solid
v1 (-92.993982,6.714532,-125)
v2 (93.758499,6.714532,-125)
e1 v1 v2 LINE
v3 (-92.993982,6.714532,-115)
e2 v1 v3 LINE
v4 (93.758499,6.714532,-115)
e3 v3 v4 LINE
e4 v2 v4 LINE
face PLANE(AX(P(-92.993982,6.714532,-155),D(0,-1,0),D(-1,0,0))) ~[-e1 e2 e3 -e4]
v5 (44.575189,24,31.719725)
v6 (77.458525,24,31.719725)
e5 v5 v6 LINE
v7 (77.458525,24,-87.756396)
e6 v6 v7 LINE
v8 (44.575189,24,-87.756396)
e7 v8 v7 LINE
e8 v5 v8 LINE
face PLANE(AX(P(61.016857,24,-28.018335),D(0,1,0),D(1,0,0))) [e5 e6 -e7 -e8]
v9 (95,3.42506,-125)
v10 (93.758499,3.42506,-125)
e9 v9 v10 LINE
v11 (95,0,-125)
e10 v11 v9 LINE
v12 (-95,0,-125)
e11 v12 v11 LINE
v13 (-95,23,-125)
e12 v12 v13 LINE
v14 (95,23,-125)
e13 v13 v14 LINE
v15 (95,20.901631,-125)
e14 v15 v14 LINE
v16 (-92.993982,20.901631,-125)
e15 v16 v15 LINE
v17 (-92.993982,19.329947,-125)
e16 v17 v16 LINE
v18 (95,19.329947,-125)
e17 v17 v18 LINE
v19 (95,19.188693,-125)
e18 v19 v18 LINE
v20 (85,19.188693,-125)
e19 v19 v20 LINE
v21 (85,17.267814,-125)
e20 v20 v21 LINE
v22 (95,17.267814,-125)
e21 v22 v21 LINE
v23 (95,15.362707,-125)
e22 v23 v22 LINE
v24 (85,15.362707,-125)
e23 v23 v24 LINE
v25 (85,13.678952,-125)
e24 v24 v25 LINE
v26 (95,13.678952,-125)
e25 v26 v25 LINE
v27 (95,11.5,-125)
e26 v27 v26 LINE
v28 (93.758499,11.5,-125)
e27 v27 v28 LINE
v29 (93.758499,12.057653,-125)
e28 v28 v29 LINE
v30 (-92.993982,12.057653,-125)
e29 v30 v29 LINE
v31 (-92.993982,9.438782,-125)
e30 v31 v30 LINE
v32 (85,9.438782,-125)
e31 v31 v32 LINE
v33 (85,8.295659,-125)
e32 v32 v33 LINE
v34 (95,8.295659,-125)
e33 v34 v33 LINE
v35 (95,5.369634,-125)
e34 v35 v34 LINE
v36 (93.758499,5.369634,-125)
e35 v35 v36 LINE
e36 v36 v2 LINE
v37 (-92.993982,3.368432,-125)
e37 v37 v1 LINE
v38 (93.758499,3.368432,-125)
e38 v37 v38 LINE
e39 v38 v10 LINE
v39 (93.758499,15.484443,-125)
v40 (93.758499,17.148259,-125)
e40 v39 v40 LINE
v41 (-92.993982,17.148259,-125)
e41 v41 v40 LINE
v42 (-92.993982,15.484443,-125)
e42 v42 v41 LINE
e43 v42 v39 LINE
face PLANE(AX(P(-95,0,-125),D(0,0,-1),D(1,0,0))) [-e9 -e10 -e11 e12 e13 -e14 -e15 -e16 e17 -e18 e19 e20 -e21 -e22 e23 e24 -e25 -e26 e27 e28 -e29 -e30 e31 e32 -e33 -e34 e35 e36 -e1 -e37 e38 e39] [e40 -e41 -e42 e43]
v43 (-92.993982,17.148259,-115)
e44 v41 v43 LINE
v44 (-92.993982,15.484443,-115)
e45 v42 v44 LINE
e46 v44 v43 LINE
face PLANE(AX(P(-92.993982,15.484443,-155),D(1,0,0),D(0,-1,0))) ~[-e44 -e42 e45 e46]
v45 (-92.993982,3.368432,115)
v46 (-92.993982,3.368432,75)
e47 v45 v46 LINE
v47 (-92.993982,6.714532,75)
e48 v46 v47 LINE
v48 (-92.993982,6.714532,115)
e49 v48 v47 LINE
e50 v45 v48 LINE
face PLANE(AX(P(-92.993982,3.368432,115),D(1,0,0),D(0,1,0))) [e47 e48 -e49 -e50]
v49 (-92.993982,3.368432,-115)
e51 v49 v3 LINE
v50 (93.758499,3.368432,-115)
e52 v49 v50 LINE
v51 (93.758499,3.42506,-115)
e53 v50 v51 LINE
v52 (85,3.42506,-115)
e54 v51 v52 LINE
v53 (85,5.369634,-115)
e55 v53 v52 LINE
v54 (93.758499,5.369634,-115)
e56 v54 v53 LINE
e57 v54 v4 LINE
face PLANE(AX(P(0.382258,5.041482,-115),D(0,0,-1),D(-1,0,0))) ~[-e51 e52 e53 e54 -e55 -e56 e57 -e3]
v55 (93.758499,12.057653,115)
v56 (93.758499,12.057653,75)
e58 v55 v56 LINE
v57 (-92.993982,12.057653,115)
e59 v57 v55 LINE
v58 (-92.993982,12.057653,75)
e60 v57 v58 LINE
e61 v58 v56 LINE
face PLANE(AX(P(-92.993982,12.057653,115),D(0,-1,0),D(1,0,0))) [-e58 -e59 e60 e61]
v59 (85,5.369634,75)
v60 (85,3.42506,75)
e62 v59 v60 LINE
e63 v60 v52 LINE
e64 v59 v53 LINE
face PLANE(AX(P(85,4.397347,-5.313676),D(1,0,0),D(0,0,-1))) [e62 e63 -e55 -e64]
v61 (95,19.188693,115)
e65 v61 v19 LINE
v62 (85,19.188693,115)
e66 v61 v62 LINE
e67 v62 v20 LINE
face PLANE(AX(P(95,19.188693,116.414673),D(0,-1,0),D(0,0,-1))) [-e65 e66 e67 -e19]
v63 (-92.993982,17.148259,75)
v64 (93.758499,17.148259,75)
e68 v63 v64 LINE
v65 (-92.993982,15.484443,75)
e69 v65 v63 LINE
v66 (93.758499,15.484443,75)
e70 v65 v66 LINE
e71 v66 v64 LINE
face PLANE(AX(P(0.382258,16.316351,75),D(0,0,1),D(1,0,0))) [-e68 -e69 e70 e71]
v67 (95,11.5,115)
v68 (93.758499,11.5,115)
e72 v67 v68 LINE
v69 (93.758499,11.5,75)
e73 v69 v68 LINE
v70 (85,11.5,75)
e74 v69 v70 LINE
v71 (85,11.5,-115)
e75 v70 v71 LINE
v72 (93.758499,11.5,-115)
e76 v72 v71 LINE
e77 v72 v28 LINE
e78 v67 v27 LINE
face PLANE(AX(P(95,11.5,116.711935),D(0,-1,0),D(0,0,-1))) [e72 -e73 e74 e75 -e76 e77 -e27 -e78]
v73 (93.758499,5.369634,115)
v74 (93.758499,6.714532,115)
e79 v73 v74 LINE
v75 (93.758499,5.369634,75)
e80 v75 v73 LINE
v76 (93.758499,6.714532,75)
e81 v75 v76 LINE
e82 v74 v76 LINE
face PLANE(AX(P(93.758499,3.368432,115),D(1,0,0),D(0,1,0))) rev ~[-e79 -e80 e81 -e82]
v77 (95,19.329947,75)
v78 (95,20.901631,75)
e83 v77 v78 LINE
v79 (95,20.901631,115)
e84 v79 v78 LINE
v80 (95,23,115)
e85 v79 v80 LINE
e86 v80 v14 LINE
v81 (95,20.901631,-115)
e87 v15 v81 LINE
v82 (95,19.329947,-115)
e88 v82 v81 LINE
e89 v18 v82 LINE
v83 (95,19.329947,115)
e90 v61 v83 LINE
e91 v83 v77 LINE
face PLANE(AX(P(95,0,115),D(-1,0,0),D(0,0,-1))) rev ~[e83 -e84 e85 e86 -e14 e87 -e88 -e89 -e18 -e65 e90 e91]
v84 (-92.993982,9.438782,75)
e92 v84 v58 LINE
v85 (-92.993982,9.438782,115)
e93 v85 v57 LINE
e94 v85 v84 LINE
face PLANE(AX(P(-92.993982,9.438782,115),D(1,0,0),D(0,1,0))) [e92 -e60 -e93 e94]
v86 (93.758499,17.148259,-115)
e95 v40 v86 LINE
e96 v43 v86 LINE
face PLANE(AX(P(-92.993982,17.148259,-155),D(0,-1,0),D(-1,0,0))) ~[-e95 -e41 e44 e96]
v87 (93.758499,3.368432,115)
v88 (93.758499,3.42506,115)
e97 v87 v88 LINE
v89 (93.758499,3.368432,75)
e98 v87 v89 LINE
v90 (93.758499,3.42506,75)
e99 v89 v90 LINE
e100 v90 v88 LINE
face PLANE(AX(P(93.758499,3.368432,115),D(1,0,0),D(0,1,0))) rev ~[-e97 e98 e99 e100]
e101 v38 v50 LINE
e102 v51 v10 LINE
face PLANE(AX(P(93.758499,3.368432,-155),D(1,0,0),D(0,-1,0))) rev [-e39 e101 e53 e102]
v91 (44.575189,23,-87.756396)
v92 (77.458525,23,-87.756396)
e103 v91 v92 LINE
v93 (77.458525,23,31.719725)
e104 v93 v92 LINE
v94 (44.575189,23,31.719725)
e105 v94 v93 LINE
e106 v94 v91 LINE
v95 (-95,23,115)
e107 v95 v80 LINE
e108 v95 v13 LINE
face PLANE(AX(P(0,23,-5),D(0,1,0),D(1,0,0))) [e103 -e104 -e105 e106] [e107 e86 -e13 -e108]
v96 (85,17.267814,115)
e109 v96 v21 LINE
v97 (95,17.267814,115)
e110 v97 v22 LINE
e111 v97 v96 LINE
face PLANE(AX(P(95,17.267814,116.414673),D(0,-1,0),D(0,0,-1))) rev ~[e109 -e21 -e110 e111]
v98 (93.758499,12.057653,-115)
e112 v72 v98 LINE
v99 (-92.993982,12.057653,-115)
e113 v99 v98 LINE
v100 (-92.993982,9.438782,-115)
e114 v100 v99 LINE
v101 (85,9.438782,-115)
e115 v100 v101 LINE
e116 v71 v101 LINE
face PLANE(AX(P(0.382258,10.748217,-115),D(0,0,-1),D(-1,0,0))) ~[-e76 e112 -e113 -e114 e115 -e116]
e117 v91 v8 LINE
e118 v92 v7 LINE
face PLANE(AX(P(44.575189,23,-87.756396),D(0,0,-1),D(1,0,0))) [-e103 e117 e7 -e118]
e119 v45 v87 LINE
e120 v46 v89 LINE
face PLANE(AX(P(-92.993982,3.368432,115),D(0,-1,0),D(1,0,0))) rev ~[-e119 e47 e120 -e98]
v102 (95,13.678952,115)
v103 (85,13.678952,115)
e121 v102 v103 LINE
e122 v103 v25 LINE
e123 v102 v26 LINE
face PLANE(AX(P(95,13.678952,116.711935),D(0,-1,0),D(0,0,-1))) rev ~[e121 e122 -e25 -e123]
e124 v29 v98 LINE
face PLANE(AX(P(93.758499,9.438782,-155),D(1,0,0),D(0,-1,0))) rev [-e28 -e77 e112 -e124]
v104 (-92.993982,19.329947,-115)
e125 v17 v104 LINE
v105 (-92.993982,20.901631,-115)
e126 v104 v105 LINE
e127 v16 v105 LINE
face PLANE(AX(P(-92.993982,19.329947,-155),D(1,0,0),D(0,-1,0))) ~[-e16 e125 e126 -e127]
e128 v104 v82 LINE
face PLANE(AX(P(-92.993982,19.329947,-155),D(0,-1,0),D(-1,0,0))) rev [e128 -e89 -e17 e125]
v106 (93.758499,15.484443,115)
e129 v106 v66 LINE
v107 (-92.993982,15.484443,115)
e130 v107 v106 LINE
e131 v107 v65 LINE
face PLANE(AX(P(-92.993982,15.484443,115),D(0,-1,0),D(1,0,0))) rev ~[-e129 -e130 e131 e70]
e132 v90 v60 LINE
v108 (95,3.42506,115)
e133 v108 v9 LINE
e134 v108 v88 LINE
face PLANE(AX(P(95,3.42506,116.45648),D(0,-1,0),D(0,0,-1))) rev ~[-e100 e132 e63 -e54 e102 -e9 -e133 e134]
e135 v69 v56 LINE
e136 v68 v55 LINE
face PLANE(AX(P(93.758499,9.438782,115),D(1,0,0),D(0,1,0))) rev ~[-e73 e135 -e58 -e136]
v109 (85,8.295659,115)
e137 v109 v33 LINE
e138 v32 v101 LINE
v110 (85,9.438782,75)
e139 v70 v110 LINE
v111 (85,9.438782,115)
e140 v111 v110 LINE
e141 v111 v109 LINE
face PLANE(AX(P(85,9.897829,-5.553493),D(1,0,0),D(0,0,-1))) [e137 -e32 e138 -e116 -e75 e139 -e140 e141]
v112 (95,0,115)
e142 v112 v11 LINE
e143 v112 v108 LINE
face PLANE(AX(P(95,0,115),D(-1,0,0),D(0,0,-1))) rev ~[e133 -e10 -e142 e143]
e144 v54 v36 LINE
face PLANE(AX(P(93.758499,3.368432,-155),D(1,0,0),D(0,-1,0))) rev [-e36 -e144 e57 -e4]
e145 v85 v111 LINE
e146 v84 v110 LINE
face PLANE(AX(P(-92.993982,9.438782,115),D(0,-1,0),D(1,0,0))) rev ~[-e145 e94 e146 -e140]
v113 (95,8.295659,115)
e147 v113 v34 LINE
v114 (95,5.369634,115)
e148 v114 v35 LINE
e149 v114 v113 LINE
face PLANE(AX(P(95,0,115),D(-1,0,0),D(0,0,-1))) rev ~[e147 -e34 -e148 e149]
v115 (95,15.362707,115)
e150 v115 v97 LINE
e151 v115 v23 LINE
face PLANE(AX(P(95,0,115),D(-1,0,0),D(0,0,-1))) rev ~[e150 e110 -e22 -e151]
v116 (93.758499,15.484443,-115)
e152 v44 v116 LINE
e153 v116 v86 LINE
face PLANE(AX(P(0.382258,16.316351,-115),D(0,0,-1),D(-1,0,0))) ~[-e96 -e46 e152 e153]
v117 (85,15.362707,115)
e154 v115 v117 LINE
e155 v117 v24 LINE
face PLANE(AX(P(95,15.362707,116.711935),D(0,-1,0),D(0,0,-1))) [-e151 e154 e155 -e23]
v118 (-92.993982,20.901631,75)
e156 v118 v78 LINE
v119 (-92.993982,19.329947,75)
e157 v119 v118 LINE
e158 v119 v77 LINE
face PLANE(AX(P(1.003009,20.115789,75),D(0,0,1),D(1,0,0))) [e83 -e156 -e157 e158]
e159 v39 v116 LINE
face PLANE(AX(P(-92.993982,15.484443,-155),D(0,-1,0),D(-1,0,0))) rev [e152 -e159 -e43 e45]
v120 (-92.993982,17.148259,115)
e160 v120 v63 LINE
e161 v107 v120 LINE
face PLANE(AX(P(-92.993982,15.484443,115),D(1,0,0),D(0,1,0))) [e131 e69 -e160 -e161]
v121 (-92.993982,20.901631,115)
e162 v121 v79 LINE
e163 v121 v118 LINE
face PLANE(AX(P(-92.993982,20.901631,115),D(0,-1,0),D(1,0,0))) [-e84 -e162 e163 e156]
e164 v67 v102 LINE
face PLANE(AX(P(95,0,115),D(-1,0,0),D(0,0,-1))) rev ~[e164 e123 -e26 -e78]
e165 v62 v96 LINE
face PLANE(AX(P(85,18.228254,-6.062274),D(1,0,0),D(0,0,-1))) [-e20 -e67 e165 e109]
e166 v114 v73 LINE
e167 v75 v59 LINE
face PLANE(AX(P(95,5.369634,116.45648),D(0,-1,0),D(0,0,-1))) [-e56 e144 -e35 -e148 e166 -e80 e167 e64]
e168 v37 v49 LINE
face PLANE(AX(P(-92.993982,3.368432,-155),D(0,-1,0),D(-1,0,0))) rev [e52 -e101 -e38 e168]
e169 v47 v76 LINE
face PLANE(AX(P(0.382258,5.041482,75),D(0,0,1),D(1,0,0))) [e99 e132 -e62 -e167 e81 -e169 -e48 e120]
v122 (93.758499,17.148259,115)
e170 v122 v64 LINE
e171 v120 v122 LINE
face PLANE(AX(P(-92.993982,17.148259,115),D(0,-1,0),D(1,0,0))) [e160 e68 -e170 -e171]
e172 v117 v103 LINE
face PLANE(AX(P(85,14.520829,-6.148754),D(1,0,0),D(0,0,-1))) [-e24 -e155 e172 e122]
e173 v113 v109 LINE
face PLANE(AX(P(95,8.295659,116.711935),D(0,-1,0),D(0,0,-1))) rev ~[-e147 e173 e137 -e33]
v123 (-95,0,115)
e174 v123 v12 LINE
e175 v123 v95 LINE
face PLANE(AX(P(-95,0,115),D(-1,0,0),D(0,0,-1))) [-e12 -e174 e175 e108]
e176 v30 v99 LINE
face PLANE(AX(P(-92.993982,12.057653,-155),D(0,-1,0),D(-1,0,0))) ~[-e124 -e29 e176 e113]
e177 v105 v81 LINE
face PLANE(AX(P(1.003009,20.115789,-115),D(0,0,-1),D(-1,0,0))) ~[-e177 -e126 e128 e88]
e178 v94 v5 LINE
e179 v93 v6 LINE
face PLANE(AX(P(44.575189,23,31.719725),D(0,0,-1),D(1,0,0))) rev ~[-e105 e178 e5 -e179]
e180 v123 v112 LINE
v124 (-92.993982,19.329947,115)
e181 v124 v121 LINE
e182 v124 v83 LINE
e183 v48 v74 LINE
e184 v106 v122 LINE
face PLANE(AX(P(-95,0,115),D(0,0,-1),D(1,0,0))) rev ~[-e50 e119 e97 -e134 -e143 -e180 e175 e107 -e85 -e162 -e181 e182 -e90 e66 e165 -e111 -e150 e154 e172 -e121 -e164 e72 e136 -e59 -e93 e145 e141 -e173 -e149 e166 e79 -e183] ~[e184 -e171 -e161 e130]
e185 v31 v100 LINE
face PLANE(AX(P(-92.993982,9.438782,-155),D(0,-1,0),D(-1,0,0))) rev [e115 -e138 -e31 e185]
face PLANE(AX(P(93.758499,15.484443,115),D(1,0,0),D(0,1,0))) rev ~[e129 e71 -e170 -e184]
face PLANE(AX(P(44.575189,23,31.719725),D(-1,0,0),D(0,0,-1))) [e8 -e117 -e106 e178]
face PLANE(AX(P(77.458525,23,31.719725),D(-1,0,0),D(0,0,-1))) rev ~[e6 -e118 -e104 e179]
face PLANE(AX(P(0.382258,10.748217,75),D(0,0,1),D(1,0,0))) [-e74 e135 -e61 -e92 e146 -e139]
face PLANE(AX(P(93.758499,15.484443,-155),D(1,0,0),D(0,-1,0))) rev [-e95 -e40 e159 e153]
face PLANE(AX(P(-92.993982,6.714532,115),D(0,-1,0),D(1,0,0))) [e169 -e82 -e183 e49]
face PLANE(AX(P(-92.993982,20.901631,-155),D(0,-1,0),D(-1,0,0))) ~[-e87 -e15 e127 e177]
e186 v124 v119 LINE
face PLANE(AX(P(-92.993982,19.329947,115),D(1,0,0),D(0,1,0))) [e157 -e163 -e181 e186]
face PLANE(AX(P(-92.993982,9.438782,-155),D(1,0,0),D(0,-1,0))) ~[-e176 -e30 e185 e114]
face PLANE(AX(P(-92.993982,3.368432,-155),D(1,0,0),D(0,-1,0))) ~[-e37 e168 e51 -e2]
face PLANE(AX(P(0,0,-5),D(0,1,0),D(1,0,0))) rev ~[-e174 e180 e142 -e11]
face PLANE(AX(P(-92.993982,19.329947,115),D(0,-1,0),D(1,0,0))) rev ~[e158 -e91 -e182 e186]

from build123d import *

# Parameters (mm, degrees)
SKETCH_1_W          = 190
SKETCH_1_H          = 240
EXTRUDE_1_DEPTH     = 23
SKETCH_2_W          = 244.953894582
SKETCH_2_H          = 1.92087839
SKETCH_2_W_2        = 245.721377573
SKETCH_2_H_2        = 1.683754508
SKETCH_2_W_3        = 244.530855974
SKETCH_2_H_3        = 3.204341319
SKETCH_2_W_4        = 243.54031242
SKETCH_2_H_4        = 1.944573874
CUT_EXTRUDE_1_DEPTH = 10
SKETCH_3_W          = 187.993982421
SKETCH_3_H          = 1.571683417
SKETCH_3_W_2        = 186.752481484
SKETCH_3_H_2        = 1.663815778
SKETCH_3_H_3        = 2.618871028
SKETCH_3_H_4        = 3.346100481
CUT_EXTRUDE_2_DEPTH = 40
SKETCH_10_W         = 32.883336007
SKETCH_10_H         = 119.476120829
EXTRUDE_2_DEPTH     = 1


with BuildPart() as part:
    # 草图1 → 凸台-拉伸1 (new body)
    with BuildSketch(Plane(origin=(0, 0, 0), x_dir=(1, 0, 0), z_dir=(0, 1, 0))):
        with Locations((0, 5)):
            Rectangle(SKETCH_1_W, SKETCH_1_H)
    extrude(amount=EXTRUDE_1_DEPTH)

    # 草图2 → 切除-拉伸1 (cut)
    with BuildSketch(Plane(origin=(95, 0, 0), x_dir=(0, 0, -1), z_dir=(1, 0, 0))):
        with Locations((6.062274081, 18.228253569)):
            Rectangle(SKETCH_2_W, SKETCH_2_H)
        with Locations((6.148753652, 14.520829351)):
            Rectangle(SKETCH_2_W_2, SKETCH_2_H_2)
        with Locations((5.553492852, 9.89782934)):
            Rectangle(SKETCH_2_W_3, SKETCH_2_H_3)
        with Locations((5.313676242, 4.397346814)):
            Rectangle(SKETCH_2_W_4, SKETCH_2_H_4)
    extrude(amount=-CUT_EXTRUDE_1_DEPTH, mode=Mode.SUBTRACT)

    # 草图3 → 切除-拉伸2 (cut)
    with BuildSketch(Plane.XY.offset(115)):
        with Locations((1.003008789, 20.115789148)):
            Rectangle(SKETCH_3_W, SKETCH_3_H)
        with Locations((0.382258321, 16.316351191)):
            Rectangle(SKETCH_3_W_2, SKETCH_3_H_2)
        with Locations((0.382258321, 10.748217394)):
            Rectangle(SKETCH_3_W_2, SKETCH_3_H_3)
        with Locations((0.382258321, 5.041481802)):
            Rectangle(SKETCH_3_W_2, SKETCH_3_H_4)
    cut_extrude_2 = extrude(amount=-CUT_EXTRUDE_2_DEPTH, mode=Mode.SUBTRACT)

    # 镜向3: 切除-拉伸2 across plane
    add(cut_extrude_2.mirror(Plane.XY.offset(-20)), mode=Mode.SUBTRACT)

    # 草图10 → 凸台-拉伸2 (add)
    with BuildSketch(Plane(origin=(0, 23, 0), x_dir=(1, 0, 0), z_dir=(0, 1, 0))):
        with Locations((61.016856815, 28.018335206)):
            Rectangle(SKETCH_10_W, SKETCH_10_H)
    extrude(amount=EXTRUDE_2_DEPTH)


solid = part.part
